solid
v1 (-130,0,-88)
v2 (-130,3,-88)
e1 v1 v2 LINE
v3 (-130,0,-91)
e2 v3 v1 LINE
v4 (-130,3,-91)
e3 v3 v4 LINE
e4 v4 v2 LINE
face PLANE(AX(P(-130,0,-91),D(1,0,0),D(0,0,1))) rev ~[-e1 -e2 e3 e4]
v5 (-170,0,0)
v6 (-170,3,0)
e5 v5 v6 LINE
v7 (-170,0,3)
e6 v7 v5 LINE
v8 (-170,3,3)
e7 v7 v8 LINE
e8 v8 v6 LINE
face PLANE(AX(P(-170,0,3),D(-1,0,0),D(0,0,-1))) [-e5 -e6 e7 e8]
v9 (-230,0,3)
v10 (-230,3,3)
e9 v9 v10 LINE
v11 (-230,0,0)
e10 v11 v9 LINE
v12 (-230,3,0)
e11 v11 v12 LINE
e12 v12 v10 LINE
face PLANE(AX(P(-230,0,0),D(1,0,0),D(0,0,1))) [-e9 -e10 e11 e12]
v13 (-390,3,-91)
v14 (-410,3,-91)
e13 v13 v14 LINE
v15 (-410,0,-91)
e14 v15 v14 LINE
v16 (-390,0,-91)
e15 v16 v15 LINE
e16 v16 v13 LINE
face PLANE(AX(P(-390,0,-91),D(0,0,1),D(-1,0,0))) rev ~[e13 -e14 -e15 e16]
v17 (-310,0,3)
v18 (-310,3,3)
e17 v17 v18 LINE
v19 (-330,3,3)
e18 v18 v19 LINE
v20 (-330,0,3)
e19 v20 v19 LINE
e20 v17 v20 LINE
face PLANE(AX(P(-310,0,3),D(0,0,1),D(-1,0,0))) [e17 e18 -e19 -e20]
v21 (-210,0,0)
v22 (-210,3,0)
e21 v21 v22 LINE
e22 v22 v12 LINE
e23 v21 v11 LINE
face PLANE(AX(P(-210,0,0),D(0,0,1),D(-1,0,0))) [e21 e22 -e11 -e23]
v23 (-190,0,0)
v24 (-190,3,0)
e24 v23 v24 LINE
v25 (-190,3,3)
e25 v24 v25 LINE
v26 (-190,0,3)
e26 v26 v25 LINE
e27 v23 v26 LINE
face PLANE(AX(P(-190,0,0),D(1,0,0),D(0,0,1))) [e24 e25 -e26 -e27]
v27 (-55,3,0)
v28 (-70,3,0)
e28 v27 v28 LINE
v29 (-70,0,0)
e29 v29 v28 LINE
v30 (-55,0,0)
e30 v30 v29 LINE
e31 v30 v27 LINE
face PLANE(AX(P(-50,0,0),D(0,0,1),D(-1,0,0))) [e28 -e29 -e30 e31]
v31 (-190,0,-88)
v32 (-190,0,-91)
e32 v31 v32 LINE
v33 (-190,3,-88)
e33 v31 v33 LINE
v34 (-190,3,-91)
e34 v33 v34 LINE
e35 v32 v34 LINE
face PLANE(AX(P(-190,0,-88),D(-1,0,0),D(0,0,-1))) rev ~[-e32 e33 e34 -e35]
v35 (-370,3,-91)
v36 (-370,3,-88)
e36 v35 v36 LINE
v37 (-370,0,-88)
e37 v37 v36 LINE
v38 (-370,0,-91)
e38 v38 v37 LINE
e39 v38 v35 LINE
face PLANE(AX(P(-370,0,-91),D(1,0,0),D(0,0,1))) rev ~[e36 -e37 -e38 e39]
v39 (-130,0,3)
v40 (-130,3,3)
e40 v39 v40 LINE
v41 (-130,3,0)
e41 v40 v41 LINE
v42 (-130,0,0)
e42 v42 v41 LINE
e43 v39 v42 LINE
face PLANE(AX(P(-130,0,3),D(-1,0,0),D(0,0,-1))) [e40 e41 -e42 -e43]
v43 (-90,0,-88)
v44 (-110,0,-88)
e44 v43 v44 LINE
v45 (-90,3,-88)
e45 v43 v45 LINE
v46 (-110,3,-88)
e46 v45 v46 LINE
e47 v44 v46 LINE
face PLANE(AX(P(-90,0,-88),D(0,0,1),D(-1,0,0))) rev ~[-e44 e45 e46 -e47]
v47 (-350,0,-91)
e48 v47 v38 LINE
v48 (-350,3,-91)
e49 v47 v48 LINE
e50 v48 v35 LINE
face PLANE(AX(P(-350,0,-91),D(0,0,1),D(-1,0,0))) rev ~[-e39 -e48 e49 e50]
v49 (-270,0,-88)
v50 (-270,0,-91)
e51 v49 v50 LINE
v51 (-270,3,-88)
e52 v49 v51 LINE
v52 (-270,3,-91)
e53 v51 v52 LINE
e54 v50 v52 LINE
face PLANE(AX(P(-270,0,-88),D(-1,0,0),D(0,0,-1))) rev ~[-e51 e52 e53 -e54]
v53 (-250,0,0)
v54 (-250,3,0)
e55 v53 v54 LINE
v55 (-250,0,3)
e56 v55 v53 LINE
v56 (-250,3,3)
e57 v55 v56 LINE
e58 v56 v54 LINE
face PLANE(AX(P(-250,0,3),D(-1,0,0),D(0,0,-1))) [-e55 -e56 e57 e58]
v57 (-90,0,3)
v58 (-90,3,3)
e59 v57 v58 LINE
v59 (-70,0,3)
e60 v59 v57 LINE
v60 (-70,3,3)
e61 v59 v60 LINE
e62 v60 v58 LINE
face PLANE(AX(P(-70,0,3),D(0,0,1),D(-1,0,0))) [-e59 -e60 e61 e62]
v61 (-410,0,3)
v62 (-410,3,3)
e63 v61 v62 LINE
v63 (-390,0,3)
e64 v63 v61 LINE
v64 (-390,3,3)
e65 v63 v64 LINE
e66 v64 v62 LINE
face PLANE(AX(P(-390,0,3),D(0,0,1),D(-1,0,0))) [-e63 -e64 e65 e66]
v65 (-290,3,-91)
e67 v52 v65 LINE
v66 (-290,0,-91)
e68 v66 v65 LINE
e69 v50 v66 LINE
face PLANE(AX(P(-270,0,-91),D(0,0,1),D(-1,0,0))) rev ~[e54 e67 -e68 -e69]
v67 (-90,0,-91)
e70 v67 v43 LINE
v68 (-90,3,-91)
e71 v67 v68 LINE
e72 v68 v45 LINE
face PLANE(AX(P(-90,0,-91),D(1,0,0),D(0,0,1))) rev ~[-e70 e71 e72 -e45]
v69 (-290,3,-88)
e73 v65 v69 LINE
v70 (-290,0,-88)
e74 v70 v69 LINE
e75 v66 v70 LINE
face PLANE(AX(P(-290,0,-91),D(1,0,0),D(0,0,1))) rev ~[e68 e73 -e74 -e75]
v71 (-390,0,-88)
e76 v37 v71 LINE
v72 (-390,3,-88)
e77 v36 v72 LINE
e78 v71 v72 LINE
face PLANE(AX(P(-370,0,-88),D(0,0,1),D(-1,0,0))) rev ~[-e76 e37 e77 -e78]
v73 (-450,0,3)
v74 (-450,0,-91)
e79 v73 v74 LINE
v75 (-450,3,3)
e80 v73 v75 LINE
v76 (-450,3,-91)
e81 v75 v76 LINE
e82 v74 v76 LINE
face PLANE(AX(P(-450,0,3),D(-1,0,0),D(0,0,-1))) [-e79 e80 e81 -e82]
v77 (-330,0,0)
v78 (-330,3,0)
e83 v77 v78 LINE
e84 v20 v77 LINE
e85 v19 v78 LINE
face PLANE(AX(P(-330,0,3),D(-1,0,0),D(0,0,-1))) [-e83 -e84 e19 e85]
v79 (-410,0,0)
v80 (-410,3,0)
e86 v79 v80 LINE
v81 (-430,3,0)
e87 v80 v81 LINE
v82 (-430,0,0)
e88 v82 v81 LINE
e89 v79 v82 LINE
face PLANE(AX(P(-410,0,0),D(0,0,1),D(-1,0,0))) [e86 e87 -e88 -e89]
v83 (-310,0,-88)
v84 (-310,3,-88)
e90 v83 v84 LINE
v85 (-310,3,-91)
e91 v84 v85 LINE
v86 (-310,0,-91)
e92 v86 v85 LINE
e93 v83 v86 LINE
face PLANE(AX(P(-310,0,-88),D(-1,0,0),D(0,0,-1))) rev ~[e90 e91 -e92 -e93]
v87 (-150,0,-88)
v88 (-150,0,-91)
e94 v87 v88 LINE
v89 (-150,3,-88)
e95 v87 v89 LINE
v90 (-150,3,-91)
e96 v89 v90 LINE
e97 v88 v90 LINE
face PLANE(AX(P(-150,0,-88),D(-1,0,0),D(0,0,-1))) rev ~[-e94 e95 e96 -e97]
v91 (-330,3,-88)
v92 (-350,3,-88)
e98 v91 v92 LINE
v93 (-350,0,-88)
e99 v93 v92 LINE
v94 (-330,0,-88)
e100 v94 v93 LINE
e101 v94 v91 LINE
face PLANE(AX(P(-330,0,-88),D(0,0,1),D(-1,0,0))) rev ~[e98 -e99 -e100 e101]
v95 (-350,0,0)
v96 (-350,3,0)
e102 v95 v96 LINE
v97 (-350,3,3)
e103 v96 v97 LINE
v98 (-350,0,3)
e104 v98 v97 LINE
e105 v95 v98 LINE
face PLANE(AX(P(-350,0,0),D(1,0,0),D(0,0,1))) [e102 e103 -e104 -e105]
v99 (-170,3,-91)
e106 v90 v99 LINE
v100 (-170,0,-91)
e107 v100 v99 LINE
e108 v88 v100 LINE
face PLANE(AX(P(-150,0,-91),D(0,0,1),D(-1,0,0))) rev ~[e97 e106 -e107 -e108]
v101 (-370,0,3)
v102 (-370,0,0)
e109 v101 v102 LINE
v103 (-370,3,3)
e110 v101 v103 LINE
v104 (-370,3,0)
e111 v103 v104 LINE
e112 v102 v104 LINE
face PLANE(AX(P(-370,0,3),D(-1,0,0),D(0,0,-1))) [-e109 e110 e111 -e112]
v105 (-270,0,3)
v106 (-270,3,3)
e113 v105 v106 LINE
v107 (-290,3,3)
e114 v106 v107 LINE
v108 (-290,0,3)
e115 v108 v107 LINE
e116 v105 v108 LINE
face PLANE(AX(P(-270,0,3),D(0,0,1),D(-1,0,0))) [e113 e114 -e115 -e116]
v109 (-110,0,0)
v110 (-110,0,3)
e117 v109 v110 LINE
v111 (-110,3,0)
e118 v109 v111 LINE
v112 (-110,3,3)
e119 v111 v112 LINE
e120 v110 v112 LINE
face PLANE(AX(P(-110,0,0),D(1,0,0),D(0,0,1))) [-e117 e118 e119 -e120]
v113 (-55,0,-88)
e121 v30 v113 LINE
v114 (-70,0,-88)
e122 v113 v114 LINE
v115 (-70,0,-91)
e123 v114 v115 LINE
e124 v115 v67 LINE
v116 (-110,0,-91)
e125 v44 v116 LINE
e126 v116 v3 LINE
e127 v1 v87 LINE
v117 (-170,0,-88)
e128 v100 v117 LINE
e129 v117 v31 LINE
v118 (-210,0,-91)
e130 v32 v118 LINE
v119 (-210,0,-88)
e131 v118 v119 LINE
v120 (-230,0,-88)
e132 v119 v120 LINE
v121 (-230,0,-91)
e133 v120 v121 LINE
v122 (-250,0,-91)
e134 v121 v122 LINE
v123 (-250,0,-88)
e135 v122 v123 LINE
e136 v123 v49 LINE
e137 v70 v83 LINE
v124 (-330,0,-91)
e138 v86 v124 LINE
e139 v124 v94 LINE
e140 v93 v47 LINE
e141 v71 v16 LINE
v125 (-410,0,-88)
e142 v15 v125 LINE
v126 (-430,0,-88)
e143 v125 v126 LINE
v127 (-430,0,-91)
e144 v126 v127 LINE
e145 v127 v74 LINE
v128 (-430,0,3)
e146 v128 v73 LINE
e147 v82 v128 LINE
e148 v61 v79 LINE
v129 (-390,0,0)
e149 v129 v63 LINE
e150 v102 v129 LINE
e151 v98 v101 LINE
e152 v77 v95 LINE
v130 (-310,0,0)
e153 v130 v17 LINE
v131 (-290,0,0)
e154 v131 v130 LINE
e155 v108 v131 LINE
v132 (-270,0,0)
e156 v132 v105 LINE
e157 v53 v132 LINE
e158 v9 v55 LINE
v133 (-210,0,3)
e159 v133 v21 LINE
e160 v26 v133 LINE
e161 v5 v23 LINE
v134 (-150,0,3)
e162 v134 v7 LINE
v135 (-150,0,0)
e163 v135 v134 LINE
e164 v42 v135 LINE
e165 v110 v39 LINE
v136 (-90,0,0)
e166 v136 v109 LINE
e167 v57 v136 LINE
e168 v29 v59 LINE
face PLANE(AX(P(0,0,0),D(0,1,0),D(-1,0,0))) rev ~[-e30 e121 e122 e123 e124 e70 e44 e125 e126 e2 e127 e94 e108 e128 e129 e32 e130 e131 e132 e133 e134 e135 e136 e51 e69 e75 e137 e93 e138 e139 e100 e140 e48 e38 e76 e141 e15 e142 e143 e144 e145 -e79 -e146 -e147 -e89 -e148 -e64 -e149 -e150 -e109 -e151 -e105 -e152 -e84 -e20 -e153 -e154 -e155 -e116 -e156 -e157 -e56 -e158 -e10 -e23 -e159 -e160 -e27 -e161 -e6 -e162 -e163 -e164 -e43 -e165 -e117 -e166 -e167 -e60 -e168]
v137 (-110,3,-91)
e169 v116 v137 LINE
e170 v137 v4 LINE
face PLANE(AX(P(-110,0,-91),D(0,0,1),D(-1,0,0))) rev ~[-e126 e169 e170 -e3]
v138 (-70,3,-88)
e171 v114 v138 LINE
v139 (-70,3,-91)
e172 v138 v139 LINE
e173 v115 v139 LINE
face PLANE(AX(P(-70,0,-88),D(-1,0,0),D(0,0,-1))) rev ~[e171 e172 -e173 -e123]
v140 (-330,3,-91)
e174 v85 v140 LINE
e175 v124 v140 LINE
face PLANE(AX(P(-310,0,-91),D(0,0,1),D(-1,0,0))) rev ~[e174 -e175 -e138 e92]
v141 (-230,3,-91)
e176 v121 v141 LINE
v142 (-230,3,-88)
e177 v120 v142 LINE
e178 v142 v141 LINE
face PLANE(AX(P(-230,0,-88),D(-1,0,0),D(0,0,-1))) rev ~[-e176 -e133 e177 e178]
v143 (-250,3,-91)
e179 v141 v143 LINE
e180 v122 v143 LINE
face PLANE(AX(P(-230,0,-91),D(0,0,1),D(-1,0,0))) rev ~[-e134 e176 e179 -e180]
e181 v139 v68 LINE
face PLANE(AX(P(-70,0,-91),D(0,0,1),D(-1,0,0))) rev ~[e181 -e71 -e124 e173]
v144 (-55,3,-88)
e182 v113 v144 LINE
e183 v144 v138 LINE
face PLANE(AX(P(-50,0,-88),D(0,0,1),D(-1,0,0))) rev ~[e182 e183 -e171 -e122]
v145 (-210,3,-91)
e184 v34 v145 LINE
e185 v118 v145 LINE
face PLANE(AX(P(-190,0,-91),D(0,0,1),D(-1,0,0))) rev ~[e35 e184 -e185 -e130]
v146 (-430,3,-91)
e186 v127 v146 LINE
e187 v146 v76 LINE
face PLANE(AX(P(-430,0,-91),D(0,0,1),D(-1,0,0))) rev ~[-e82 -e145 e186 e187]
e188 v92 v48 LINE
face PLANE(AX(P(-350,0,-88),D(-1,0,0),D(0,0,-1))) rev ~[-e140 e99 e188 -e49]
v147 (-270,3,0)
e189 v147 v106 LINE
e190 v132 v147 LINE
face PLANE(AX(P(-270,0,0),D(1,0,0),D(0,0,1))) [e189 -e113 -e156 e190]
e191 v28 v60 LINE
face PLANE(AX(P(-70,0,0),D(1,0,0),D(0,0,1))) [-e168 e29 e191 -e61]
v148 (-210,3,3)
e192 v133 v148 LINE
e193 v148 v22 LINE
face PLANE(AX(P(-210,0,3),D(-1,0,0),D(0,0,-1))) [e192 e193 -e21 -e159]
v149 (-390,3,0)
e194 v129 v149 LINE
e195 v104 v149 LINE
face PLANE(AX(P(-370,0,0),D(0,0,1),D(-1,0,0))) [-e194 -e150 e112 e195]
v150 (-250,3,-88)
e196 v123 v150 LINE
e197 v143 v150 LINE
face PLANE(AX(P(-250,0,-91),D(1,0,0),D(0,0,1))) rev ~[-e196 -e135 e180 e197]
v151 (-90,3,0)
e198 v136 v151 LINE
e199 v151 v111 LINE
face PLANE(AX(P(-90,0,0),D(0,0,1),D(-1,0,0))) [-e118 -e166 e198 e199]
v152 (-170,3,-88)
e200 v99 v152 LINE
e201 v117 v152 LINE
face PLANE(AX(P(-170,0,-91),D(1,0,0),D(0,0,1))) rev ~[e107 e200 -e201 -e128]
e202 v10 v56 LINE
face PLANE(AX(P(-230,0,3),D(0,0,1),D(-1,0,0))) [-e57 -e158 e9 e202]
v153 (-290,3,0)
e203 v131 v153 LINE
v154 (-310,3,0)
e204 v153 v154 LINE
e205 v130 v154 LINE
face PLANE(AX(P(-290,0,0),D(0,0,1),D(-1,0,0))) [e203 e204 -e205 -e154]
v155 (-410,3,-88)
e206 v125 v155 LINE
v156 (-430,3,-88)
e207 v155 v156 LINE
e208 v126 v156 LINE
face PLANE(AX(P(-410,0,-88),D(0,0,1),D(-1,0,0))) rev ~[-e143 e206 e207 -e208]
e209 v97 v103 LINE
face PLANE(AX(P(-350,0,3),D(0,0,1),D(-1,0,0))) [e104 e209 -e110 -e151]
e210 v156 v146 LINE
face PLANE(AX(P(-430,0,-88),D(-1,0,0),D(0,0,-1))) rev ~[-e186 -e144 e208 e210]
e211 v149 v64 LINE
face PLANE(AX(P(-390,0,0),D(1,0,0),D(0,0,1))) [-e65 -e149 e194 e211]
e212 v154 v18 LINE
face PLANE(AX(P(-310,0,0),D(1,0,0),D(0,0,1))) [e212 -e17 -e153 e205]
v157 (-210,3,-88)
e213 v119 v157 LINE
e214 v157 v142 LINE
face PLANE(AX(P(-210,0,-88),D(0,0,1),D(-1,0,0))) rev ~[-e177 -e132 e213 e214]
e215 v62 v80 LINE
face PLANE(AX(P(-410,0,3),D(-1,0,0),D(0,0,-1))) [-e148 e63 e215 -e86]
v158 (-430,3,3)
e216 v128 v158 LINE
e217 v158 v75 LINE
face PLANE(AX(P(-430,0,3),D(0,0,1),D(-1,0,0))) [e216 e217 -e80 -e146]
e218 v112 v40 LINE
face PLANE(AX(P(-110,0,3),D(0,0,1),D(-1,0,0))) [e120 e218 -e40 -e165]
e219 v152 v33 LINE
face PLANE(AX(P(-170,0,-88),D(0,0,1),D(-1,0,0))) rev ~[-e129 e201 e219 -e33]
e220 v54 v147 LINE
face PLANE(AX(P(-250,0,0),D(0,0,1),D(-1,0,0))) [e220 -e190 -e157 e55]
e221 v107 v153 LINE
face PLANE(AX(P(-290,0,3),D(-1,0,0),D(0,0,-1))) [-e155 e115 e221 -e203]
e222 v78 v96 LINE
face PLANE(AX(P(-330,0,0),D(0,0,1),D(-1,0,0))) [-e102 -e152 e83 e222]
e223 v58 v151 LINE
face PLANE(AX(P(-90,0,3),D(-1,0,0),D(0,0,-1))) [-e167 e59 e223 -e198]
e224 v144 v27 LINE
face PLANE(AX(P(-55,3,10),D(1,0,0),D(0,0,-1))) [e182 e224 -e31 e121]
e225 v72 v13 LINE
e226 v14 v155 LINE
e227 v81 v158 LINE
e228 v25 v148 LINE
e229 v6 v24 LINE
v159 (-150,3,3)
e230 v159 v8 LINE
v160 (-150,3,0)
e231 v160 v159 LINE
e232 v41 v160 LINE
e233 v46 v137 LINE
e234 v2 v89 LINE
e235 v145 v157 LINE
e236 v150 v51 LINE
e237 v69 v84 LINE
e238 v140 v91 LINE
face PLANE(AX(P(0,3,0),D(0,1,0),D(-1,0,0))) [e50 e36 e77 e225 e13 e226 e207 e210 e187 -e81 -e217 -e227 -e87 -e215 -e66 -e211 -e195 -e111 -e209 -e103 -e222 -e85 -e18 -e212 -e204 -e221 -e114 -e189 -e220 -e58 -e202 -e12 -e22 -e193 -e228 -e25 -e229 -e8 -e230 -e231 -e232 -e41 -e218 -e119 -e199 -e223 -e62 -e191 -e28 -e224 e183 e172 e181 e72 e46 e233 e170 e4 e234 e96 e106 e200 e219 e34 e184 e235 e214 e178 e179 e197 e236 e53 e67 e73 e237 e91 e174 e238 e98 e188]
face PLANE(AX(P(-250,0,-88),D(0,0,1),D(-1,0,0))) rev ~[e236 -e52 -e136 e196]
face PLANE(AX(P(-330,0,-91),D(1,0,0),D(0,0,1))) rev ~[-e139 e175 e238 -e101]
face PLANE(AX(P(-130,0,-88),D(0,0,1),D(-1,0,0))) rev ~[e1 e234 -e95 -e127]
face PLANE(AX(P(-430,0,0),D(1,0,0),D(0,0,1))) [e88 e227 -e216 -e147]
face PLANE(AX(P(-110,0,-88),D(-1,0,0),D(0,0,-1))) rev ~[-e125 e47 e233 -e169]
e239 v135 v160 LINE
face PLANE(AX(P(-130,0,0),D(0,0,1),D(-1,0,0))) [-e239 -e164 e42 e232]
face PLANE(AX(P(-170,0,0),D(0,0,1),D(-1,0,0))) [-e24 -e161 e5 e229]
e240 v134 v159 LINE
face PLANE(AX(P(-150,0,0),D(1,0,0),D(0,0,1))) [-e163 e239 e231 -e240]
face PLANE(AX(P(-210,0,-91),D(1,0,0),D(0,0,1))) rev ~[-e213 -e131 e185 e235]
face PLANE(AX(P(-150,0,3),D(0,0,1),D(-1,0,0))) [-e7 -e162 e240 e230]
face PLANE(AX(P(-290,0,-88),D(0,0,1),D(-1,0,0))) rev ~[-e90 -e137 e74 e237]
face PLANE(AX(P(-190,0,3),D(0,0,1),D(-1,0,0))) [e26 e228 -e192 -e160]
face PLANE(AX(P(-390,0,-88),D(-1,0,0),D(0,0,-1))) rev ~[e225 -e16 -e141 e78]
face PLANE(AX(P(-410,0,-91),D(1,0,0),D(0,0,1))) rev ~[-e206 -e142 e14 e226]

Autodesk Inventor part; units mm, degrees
ref_plane "YZ Plane" through (0, 0, 0) normal (1, 0, 0) x (0, 1, 0)
ref_plane "XZ Plane" through (0, 0, 0) normal (0, 1, 0) x (-1, 0, 0)
ref_plane "XY Plane" through (0, 0, 0) normal (0, 0, 1) x (1, 0, 0)
sketch "Sketch1" plane through (0, 0, 0) normal (0, 1, 0) x (-1, 0, 0)
  line L0 (0, 0) -> (0, -88)
  line L1 (0, -88) -> (30, -88)
  line L2 (30, -88) -> (30, -91)
  line L3 (30, -91) -> (50, -91)
  line L4 (50, -91) -> (50, -88)
  line L5 (50, -88) -> (70, -88)
  line L6 (70, -88) -> (70, -91)
  line L7 (70, -91) -> (90, -91)
  line L8 (90, -91) -> (90, -88)
  line L9 (90, -88) -> (110, -88)
  line L10 (110, -88) -> (110, -91)
  line L11 (110, -91) -> (130, -91)
  line L12 (130, -91) -> (130, -88)
  line L13 (130, -88) -> (150, -88)
  line L14 (150, -88) -> (150, -91)
  line L15 (150, -91) -> (170, -91)
  line L16 (170, -91) -> (170, -88)
  line L17 (170, -88) -> (190, -88)
  line L18 (190, -88) -> (190, -91)
  line L19 (190, -91) -> (210, -91)
  line L20 (210, -91) -> (210, -88)
  line L21 (210, -88) -> (230, -88)
  line L22 (230, -88) -> (230, -91)
  line L23 (230, -91) -> (250, -91)
  line L24 (250, -91) -> (250, -88)
  line L25 (250, -88) -> (270, -88)
  line L26 (270, -88) -> (270, -91)
  line L27 (270, -91) -> (290, -91)
  line L28 (290, -91) -> (290, -88)
  line L29 (290, -88) -> (310, -88)
  line L30 (310, -88) -> (310, -91)
  line L31 (310, -91) -> (330, -91)
  line L32 (330, -91) -> (330, -88)
  line L33 (330, -88) -> (350, -88)
  line L34 (350, -88) -> (350, -91)
  line L35 (350, -91) -> (370, -91)
  line L36 (370, -91) -> (370, -88)
  line L37 (370, -88) -> (390, -88)
  line L38 (390, -88) -> (390, -91)
  line L39 (390, -91) -> (410, -91)
  line L40 (410, -91) -> (410, -88)
  line L41 (410, -88) -> (430, -88)
  line L42 (430, -88) -> (430, -91)
  line L43 (430, -91) -> (450, -91)
  line L44 (0, -44) -> (20, -44)
  line L45 (0, 0) -> (30, 0)
  line L46 (30, 0) -> (30, 3)
  line L47 (30, 3) -> (50, 3)
  line L48 (50, 3) -> (50, 0)
  line L49 (50, 0) -> (70, 0)
  line L50 (70, 0) -> (70, 3)
  line L51 (70, 3) -> (90, 3)
  line L52 (90, 3) -> (90, 0)
  line L53 (90, 0) -> (110, 0)
  line L54 (110, 0) -> (110, 3)
  line L55 (110, 3) -> (130, 3)
  line L56 (130, 3) -> (130, 0)
  line L57 (130, 0) -> (150, 0)
  line L58 (150, 0) -> (150, 3)
  line L59 (150, 3) -> (170, 3)
  line L60 (170, 3) -> (170, 0)
  line L61 (170, 0) -> (190, 0)
  line L62 (190, 0) -> (190, 3)
  line L63 (190, 3) -> (210, 3)
  line L64 (210, 3) -> (210, 0)
  line L65 (210, 0) -> (230, 0)
  line L66 (230, 0) -> (230, 3)
  line L67 (230, 3) -> (250, 3)
  line L68 (250, 3) -> (250, 0)
  line L69 (250, 0) -> (270, 0)
  line L70 (270, 0) -> (270, 3)
  line L71 (270, 3) -> (290, 3)
  line L72 (290, 3) -> (290, 0)
  line L73 (290, 0) -> (310, 0)
  line L74 (310, 0) -> (310, 3)
  line L75 (310, 3) -> (330, 3)
  line L76 (330, 3) -> (330, 0)
  line L77 (330, 0) -> (350, 0)
  line L78 (350, 0) -> (350, 3)
  line L79 (350, 3) -> (370, 3)
  line L80 (370, 3) -> (370, 0)
  line L81 (370, 0) -> (390, 0)
  line L82 (390, 0) -> (390, 3)
  line L83 (390, 3) -> (410, 3)
  line L84 (410, 3) -> (410, 0)
  line L85 (410, 0) -> (430, 0)
  line L86 (430, 0) -> (430, 3)
  line L87 (430, 3) -> (450, 3)
  line L88 (450, 3) -> (450, -91)
  dimension "d0" = 88
  dimension "d1" = 30
  dimension "d2" = 3
  dimension "d3" = 20
  dimension "d4" = 20
  dimension "d5" = 20
  dimension "d6" = 20
  dimension "d7" = 20
  dimension "d8" = 20
  dimension "d9" = 3
  dimension "d10" = 20
  dimension "d11" = 3
  dimension "d12" = 20
  dimension "d13" = 3
  dimension "d14" = 20
  dimension "d15" = 3
  dimension "d16" = 20
  dimension "d17" = 3
  dimension "d18" = 20
  dimension "d19" = 3
  dimension "d20" = 20
  dimension "d21" = 3
  dimension "d22" = 20
  dimension "d23" = 3
  dimension "d24" = 20
  dimension "d25" = 3
  dimension "d26" = 20
  dimension "d27" = 3
  dimension "d28" = 20
  dimension "d29" = 3
  dimension "d30" = 20
  dimension "d31" = 3
  dimension "d32" = 20
  dimension "d33" = 3
  dimension "d34" = 20
  dimension "d35" = 3
  dimension "d36" = 20
  dimension "d37" = 3
  dimension "d38" = 20
  dimension "d39" = 3
  dimension "d40" = 0
  dimension "d41" = 20
extrude "Extrusion1" add sketch "Sketch1" along normal blind 3
sketch "Sketch2" plane through (0, 3, 0) normal (0, 1, 0) x (1, 0, 0)
  line L0 (0, 0) -> (0, 88) projected
  line L1 (0, 44) -> (-55, 44)
  line L2 (-55, 44) -> (-55, 97)
  line L3 (-55, 97) -> (0, 97)
  line L4 (0, 97) -> (0, -10)
  line L5 (0, -10) -> (-55, -10)
  line L6 (-55, -10) -> (-55, 44)
  dimension "d44" = 55
  dimension "d45" = 0
extrude "Extrusion2" cut sketch "Sketch2" against normal blind 3
ref_plane "Work Plane1" through (-90, 0, -44) normal (0, 0, 1) x (1, 0, 0)
properties part number "Part3 box." material "Acrylic"
